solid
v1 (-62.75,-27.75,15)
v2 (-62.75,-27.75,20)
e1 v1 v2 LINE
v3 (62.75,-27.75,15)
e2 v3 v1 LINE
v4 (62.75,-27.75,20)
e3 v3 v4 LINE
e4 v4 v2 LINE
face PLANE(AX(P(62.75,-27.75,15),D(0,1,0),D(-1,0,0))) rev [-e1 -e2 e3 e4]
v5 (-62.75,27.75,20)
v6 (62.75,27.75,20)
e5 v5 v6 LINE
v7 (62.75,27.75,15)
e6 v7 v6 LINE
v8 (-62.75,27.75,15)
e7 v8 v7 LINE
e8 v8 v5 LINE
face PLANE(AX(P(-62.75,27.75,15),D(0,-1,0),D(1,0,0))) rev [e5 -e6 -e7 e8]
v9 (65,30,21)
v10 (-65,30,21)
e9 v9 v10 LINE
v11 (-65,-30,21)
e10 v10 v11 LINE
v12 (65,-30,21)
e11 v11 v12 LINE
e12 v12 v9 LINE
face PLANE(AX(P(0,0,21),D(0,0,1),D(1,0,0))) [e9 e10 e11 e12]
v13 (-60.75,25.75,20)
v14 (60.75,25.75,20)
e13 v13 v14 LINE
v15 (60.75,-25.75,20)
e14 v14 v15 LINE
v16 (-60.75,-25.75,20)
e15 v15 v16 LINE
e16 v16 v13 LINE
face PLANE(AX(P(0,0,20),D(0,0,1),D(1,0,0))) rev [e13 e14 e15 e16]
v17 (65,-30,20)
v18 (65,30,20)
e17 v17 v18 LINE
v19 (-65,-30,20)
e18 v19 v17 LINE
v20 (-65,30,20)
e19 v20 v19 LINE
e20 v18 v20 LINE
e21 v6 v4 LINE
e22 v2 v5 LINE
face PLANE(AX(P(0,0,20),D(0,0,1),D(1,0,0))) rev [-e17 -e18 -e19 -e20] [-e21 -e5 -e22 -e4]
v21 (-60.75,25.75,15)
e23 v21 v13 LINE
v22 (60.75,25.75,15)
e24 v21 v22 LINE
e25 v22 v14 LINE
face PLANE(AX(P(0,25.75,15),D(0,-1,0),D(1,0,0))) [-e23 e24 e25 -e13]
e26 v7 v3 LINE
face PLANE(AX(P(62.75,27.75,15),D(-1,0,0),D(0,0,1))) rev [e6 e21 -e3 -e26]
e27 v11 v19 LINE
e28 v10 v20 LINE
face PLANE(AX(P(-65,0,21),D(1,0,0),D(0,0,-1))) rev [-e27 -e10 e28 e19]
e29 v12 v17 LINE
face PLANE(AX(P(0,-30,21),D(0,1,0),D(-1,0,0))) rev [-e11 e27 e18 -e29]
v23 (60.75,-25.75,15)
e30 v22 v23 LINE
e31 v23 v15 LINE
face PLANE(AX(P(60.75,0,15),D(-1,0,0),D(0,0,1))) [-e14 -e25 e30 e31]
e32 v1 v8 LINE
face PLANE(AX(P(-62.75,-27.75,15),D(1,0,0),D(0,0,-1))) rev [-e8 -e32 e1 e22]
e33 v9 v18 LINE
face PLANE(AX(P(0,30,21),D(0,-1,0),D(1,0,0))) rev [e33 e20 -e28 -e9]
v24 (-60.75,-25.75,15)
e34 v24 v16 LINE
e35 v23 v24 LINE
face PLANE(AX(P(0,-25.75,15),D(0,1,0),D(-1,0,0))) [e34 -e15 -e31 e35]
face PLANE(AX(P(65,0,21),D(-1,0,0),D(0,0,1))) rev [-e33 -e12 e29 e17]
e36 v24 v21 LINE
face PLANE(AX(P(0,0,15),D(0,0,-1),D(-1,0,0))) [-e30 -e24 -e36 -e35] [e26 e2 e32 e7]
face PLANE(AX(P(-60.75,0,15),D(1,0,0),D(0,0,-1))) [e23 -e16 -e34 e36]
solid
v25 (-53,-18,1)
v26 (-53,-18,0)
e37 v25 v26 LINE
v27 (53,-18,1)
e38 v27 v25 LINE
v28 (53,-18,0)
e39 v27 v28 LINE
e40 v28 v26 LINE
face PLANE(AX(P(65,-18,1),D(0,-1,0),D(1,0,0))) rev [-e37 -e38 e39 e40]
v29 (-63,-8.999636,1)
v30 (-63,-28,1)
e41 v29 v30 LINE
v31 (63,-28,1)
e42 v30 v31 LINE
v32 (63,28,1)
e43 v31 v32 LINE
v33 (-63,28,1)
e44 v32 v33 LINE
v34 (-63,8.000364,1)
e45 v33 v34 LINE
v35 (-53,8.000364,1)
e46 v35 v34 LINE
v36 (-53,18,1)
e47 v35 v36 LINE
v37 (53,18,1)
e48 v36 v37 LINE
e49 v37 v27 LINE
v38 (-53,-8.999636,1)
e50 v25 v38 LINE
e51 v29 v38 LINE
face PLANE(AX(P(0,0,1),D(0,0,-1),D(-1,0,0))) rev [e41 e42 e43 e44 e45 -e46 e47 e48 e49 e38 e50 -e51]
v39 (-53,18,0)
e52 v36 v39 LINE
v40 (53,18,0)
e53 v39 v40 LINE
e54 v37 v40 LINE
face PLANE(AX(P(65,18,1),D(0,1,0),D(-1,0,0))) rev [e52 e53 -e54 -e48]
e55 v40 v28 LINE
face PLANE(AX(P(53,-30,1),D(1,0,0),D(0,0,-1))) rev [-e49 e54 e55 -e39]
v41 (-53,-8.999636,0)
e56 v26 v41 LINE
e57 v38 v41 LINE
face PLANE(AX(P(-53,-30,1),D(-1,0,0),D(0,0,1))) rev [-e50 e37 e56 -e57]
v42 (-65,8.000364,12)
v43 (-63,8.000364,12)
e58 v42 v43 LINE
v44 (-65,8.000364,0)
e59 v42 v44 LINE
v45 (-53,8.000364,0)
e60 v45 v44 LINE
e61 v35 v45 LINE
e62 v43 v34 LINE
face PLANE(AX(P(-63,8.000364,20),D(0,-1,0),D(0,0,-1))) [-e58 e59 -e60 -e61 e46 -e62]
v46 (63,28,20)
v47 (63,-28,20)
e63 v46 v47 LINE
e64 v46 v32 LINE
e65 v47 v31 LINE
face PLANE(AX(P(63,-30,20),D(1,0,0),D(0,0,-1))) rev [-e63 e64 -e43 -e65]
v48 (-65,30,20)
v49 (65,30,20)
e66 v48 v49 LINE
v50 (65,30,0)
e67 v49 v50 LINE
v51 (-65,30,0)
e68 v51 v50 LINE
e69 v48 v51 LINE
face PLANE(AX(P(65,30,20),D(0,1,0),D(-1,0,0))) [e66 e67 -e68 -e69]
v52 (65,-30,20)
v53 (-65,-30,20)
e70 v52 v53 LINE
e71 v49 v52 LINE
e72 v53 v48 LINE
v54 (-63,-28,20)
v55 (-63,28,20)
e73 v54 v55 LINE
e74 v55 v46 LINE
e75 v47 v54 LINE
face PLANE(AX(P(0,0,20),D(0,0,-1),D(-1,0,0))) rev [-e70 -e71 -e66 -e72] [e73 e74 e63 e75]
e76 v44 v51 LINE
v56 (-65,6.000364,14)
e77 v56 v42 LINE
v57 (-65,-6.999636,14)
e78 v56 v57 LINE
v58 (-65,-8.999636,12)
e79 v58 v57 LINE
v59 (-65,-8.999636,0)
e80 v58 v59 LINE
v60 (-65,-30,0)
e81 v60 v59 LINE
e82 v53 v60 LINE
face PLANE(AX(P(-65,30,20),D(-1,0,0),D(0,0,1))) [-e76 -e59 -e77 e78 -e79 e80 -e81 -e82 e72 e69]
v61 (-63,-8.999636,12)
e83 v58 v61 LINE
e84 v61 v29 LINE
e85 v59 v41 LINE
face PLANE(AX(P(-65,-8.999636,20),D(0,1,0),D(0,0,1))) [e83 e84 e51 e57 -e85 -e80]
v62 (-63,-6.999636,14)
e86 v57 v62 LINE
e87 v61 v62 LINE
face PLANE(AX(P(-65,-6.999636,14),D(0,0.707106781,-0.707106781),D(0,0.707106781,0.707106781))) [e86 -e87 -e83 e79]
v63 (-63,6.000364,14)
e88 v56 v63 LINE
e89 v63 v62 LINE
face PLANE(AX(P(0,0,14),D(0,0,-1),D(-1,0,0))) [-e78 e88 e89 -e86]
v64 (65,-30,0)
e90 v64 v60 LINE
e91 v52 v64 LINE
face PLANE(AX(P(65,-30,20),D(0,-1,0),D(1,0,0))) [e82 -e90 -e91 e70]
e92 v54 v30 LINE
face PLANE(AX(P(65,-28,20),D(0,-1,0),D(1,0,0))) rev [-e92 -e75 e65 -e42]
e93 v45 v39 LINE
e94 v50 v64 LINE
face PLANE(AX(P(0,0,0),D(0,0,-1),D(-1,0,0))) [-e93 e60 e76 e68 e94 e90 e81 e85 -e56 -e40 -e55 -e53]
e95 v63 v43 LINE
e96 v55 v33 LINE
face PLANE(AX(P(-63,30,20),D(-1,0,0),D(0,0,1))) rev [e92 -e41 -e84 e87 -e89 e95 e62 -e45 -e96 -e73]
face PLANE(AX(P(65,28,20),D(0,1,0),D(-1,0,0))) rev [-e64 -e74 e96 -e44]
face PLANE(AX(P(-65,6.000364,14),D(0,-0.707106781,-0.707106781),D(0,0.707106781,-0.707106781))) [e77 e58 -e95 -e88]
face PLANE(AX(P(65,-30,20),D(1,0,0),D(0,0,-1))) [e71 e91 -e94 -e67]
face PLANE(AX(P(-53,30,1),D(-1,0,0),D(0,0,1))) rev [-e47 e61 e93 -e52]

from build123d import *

# Parameters (mm, degrees)
EXTRUDE_THIN1_DEPTH = 20
EXTRUDE_THIN2_DEPTH = 1
SKETCH2_W           = 2
SKETCH2_H           = 17
EXTRUDE_THIN3_DEPTH = 6
BOSS_EXTRUDE1_DEPTH = 2
SKETCH4_W           = 130
SKETCH4_H           = 60
SKETCH4_W_2         = 126
SKETCH4_H_2         = 56
SKETCH4_W_3         = 125.5
SKETCH4_H_3         = 55.5
BOSS_EXTRUDE2_DEPTH = 1
SKETCH4_4_W         = 125.5
SKETCH4_4_H         = 55.5
SKETCH4_4_W_2       = 121.5
SKETCH4_4_H_2       = 51.5
EXTRUDE_THIN4_DEPTH = 5


with BuildPart() as part:
    # Sketch1 → Extrude-Thin1 (new body)
    with BuildSketch(Plane.XY):
        Polygon((-65, -8.999635986), (-65, -30), (65, -30), (65, 30), (-65, 30), (-65, 8.000364014), (-63, 8.000364014), (-63, 28), (63, 28), (63, -28), (-63, -28), (-63, -8.999635986), align=None)
    extrude(amount=EXTRUDE_THIN1_DEPTH)

    # Sketch1<2> → Extrude-Thin2 (add)
    with BuildSketch(Plane.XY):
        Polygon((-65, -8.999635986), (-65, -30), (65, -30), (65, 30), (-65, 30), (-65, 8.000364014), (-53, 8.000364014), (-53, 18), (53, 18), (53, -18), (-53, -18), (-53, -8.999635986), align=None)
    extrude(amount=EXTRUDE_THIN2_DEPTH)



with BuildPart() as body_2:
    # Sketch2 → Extrude-Thin3 (new body)
    with BuildSketch(Plane.XY.offset(14)):
        with Locations((-64, -0.499635986)):
            Rectangle(SKETCH2_W, SKETCH2_H)
    extrude(amount=EXTRUDE_THIN3_DEPTH)


with BuildPart() as part_1:
    add(part.part)

    add(body_2.part)  # Boss-Extrude1 merges body 2
    # Sketch3 → Boss-Extrude1 (add)
    with BuildSketch(Plane(origin=(-63, 0, 0), x_dir=(0, 0, -1), z_dir=(1, 0, 0))):
        Polygon((-14, -6.999635986), (-12, -8.999635986), (-14, -8.999635986), align=None)
        Polygon((-14, 6.000364014), (-12, 8.000364014), (-14, 8.000364014), align=None)
    extrude(amount=-BOSS_EXTRUDE1_DEPTH)


with BuildPart() as body_2_2:
    # Sketch4 → Boss-Extrude2 (new body)
    with BuildSketch(Plane.XY.offset(20)):
        Rectangle(SKETCH4_W, SKETCH4_H)
        Rectangle(SKETCH4_W_2, SKETCH4_H_2, mode=Mode.SUBTRACT)
        Rectangle(SKETCH4_W_2, SKETCH4_H_2)
        Rectangle(SKETCH4_W_3, SKETCH4_H_3, mode=Mode.SUBTRACT)
        Rectangle(SKETCH4_W_3, SKETCH4_H_3)
        Rectangle(SKETCH4_W, SKETCH4_H)
    extrude(amount=BOSS_EXTRUDE2_DEPTH)

    # Sketch4<4> → Extrude-Thin4 (add)
    with BuildSketch(Plane.XY.offset(20)):
        Rectangle(SKETCH4_4_W, SKETCH4_4_H)
        Rectangle(SKETCH4_4_W_2, SKETCH4_4_H_2, mode=Mode.SUBTRACT)
    extrude(amount=-EXTRUDE_THIN4_DEPTH)


solid = Compound([part_1.part, body_2_2.part])
